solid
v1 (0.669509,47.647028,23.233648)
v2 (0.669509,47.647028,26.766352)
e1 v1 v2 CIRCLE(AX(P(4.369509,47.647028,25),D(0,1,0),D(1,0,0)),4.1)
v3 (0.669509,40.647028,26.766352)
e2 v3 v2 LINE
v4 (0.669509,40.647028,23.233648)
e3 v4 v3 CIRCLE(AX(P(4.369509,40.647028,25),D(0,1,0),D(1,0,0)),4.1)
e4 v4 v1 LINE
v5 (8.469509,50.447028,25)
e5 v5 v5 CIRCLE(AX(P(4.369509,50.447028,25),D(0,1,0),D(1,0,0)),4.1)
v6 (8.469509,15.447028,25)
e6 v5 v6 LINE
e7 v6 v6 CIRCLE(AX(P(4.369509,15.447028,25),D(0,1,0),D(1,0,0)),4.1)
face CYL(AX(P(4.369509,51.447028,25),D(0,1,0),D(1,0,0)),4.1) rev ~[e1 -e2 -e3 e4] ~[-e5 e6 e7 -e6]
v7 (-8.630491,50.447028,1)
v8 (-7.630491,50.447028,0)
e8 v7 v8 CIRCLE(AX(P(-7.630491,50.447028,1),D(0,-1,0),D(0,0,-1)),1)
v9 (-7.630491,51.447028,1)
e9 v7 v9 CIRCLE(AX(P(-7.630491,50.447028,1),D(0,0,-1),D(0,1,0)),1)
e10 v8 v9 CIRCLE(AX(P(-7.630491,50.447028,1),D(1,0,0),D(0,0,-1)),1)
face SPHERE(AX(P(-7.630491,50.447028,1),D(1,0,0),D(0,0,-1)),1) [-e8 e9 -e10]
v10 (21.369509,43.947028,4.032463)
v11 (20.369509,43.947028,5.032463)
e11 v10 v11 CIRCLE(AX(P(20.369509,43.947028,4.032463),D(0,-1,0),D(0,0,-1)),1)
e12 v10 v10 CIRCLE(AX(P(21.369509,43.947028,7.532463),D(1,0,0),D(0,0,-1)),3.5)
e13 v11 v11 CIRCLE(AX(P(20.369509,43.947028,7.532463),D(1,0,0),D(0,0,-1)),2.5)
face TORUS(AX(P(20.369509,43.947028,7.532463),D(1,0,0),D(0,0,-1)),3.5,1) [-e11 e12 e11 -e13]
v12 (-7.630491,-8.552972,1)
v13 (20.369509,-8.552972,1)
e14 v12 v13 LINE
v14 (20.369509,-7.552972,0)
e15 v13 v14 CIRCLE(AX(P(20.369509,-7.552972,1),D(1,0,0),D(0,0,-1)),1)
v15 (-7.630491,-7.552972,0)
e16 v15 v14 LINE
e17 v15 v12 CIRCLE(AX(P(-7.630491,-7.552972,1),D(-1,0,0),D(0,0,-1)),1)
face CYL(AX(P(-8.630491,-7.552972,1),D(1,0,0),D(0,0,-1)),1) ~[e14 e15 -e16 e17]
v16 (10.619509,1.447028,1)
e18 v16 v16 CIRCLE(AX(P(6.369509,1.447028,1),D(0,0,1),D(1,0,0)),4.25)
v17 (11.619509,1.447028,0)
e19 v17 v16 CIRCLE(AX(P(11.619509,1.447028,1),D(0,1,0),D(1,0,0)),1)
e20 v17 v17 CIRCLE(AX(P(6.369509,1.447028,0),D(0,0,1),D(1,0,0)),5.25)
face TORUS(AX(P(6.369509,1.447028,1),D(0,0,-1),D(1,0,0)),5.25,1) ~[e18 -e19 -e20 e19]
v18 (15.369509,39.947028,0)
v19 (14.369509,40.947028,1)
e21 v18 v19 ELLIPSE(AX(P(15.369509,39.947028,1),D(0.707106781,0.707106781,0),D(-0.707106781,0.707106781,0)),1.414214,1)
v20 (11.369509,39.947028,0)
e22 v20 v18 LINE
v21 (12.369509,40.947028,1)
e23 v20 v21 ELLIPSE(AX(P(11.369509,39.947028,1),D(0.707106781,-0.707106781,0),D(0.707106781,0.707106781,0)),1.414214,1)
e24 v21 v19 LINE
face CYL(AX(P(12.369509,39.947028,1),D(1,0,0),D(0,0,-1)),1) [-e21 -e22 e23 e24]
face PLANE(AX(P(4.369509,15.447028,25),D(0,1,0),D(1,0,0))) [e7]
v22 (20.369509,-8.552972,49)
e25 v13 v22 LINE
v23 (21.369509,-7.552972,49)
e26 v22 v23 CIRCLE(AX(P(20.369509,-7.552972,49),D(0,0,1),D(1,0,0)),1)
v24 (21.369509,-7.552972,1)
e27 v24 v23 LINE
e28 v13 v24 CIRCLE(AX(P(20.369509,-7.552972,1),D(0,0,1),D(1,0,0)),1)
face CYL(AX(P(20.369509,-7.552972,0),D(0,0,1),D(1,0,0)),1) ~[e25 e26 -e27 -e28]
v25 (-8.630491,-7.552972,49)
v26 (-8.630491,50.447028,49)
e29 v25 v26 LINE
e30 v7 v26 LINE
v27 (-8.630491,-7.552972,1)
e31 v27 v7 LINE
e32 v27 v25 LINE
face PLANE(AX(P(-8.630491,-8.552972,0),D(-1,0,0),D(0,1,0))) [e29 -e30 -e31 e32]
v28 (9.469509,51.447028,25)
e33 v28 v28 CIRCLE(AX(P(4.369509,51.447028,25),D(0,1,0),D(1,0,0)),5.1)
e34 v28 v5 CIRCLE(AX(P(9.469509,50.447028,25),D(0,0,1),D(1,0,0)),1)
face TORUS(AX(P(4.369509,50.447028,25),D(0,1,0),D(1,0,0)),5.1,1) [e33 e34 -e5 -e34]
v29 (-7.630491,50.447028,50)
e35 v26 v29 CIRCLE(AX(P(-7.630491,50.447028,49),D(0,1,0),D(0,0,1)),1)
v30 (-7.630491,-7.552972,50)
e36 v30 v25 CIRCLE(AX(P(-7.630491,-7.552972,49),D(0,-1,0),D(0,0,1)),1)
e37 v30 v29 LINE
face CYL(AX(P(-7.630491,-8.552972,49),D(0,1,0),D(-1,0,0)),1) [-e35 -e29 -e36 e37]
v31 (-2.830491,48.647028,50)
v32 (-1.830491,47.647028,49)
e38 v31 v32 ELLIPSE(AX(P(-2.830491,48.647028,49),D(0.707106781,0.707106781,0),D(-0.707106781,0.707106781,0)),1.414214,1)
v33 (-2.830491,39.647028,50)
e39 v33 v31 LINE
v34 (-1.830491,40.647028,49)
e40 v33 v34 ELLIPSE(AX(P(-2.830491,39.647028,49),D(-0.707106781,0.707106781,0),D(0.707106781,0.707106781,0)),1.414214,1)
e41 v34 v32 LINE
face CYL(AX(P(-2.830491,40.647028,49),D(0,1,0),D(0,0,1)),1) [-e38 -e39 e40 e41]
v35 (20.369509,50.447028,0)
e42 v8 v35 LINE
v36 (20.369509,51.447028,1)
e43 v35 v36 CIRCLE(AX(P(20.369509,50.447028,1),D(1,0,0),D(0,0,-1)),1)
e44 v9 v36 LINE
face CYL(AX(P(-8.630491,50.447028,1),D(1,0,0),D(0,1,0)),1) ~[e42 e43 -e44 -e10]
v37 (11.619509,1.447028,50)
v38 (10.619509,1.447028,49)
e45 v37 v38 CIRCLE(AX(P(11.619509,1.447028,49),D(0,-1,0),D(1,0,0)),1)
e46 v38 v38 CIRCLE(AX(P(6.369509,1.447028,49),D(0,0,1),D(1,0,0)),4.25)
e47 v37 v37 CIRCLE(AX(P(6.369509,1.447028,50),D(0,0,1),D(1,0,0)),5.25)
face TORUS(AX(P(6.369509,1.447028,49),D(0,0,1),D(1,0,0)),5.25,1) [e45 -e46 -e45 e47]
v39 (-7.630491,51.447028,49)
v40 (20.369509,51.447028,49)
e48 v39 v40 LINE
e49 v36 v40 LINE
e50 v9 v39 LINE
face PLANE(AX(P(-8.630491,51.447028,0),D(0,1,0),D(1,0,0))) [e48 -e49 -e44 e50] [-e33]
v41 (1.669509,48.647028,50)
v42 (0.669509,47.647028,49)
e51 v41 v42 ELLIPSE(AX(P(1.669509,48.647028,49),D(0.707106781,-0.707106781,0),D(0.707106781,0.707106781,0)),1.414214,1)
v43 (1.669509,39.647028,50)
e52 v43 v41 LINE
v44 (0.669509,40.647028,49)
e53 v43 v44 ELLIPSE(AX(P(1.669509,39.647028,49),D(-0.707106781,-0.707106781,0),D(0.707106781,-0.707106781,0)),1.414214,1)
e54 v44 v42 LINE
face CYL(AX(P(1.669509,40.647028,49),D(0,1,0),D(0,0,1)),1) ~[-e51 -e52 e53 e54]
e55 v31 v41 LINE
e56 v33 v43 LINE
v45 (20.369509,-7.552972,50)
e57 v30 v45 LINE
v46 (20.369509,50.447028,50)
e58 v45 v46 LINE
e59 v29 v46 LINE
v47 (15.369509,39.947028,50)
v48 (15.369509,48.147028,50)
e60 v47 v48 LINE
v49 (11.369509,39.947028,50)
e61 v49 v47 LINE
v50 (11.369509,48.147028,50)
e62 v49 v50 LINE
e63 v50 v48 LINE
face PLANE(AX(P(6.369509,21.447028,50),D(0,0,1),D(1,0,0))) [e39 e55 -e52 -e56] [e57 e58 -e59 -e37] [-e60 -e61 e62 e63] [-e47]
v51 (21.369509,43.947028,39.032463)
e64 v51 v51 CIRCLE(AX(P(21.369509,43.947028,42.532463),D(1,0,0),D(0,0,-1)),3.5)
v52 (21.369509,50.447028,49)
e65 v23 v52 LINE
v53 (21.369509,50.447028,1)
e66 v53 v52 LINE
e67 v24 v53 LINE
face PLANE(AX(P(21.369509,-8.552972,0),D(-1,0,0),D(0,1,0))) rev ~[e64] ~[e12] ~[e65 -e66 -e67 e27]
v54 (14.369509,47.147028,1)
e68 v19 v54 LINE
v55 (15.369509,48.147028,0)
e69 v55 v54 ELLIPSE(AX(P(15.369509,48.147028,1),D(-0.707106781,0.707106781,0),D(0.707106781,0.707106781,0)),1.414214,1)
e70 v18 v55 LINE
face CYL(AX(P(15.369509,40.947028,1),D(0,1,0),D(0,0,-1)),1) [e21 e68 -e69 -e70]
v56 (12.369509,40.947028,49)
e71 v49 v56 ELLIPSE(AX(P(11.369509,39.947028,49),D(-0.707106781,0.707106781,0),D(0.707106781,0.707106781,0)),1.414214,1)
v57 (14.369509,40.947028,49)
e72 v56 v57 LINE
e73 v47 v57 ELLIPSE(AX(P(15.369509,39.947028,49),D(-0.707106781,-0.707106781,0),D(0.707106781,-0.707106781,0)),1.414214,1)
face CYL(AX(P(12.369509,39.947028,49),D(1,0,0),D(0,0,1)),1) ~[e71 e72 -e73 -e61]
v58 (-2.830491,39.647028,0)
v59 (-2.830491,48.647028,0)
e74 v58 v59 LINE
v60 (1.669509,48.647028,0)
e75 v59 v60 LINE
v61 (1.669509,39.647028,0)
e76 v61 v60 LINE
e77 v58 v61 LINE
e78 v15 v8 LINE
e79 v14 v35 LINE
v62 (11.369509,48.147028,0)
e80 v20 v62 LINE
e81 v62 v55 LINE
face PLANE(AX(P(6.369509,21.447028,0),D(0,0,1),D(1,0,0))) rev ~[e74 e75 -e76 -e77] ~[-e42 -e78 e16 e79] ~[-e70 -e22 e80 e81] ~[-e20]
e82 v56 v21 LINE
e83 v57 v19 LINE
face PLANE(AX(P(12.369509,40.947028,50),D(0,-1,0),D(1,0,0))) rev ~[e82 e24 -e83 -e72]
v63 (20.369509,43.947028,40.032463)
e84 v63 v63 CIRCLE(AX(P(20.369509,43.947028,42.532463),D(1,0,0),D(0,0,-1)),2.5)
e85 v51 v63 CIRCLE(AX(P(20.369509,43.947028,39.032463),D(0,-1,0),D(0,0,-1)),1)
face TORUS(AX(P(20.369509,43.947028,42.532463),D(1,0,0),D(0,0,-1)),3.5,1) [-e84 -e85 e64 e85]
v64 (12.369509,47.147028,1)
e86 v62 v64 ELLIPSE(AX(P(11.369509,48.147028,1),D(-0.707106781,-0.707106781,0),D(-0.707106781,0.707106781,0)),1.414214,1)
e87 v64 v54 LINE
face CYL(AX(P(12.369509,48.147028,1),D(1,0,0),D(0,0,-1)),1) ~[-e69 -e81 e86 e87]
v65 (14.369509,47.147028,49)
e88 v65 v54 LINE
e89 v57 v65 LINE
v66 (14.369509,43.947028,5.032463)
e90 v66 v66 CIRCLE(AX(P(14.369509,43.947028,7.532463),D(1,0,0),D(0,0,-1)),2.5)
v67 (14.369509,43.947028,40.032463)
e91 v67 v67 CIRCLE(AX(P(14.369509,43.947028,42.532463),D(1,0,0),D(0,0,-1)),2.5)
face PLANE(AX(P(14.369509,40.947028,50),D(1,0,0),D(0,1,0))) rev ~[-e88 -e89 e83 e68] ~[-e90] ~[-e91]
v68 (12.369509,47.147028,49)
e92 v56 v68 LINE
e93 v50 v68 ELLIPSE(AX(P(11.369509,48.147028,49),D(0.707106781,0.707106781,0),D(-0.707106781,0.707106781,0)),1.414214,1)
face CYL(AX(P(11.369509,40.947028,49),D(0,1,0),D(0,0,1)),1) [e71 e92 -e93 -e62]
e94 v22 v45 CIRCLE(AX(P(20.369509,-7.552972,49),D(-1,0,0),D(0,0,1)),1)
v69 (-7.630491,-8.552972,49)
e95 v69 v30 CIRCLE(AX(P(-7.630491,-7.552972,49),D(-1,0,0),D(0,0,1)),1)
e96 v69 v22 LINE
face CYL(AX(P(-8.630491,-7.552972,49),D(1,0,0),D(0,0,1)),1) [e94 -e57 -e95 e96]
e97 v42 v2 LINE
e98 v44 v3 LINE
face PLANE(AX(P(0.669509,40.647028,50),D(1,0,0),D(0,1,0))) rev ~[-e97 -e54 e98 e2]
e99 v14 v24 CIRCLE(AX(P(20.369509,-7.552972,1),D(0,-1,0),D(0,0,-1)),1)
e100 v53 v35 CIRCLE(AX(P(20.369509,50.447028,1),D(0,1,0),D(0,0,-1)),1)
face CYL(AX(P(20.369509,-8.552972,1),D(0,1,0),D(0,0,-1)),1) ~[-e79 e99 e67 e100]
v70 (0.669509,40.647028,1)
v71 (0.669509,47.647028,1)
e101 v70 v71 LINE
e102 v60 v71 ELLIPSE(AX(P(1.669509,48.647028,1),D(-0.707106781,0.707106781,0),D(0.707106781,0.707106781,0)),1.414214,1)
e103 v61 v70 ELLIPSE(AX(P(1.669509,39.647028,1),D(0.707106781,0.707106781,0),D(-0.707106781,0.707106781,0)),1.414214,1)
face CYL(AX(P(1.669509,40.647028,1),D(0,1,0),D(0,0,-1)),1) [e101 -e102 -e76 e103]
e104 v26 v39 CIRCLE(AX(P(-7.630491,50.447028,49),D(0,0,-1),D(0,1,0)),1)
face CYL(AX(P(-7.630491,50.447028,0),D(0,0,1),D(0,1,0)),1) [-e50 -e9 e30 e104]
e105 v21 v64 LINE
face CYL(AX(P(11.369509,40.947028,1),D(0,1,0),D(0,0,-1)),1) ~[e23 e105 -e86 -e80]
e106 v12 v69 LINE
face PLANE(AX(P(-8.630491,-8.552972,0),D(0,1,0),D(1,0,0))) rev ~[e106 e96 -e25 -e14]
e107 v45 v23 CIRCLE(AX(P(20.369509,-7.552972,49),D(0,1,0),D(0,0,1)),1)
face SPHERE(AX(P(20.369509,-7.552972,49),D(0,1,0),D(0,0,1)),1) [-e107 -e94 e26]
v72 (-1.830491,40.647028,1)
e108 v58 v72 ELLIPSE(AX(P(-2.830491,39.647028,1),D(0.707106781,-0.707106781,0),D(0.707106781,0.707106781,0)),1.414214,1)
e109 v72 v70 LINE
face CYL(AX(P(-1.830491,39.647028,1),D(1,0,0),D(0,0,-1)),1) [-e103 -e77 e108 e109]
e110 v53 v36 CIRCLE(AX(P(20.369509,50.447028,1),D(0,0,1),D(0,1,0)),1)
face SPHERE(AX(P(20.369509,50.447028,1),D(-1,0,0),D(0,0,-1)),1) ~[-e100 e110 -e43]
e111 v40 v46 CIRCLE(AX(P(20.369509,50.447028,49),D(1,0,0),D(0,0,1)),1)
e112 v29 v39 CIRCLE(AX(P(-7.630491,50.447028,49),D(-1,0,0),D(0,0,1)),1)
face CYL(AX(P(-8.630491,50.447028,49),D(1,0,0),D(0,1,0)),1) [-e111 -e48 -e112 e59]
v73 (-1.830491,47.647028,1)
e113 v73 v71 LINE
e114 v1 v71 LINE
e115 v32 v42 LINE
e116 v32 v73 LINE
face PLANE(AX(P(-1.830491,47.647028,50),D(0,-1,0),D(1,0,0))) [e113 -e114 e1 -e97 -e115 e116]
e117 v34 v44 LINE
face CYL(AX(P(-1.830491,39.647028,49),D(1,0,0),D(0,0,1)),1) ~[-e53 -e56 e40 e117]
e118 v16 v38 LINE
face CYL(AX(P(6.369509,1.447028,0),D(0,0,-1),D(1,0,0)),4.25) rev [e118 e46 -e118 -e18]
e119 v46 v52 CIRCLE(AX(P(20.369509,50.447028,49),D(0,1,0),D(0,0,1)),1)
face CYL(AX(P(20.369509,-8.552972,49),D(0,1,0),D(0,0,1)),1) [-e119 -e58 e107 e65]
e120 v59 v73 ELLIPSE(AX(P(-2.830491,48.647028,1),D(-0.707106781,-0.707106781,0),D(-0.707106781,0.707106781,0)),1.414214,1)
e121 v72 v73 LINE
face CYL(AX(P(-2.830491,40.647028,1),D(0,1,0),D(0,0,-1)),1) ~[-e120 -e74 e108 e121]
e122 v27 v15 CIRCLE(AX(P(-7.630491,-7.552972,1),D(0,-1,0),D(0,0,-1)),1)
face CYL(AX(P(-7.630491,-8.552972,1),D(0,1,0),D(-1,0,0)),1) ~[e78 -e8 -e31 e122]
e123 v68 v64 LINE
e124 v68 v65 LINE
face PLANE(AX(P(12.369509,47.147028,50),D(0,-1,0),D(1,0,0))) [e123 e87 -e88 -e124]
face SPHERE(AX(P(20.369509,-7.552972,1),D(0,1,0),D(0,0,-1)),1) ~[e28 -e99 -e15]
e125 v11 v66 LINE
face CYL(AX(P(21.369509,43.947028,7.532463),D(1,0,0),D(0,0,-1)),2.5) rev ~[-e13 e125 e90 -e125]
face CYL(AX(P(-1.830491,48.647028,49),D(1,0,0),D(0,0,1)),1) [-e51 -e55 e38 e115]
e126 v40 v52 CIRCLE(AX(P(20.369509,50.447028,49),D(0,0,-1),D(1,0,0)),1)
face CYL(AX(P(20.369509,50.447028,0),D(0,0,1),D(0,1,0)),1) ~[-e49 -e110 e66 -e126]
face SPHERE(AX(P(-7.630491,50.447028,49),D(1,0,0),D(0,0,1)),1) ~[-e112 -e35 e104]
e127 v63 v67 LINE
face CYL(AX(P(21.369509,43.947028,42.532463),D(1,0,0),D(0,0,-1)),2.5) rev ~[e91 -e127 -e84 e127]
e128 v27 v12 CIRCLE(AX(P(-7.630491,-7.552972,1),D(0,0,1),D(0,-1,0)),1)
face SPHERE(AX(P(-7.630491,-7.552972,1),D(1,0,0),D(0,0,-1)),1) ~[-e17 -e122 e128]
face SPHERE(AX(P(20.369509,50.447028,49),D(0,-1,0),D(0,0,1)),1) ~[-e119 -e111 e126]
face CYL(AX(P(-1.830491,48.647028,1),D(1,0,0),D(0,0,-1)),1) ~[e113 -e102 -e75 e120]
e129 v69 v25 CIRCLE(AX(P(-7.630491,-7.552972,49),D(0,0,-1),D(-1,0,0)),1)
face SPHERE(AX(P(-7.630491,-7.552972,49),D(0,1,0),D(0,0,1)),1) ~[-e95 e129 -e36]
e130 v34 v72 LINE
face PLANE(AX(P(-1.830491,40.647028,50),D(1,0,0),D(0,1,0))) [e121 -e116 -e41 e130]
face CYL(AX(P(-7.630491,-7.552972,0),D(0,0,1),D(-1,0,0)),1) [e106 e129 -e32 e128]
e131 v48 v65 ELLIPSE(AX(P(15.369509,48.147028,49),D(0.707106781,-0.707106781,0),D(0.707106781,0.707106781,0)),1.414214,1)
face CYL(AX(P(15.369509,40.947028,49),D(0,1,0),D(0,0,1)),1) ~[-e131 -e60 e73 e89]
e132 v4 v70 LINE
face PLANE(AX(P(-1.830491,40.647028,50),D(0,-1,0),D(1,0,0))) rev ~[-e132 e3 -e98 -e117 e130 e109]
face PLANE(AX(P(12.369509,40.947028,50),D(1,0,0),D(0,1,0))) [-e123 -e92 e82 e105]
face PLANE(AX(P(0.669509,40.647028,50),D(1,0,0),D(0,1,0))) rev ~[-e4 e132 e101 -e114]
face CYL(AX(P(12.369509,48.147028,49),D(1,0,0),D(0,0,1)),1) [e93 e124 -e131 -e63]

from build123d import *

# Parameters (mm, degrees)
SKETCH_1_W               = 30
SKETCH_1_H               = 60
SKETCH_1_R               = 4.25
EXTRUDE_1_DEPTH          = 50
SKETCH_2_W               = 2.5
SKETCH_2_H               = 7
SKETCH_2_W_2             = 2
SKETCH_2_H_2             = 6.2
CUT_EXTRUDE_1_DEPTH      = 50
SKETCH_4_R               = 2.5
CUT_EXTRUDE_2_DEPTH      = 1
CUT_EXTRUDE_2_DEPTH_BACK = 7
FILLET_1_R               = 1
FILLET_2_R               = 1
FILLET_3_R               = 1
FILLET_4_R               = 1
FILLET_5_R               = 1
FILLET_6_R               = 1
SKETCH_5_R               = 4.1
CUT_EXTRUDE_3_DEPTH      = 36
FILLET_7_R               = 1
FILLET_8_R               = 1


with BuildPart() as part:
    # 草图1 → 凸台-拉伸1 (new body)
    with BuildSketch(Plane.XY):
        with Locations((6.369509044, 21.447028424)):
            Rectangle(SKETCH_1_W, SKETCH_1_H)
        with Locations((6.369509044, 1.447028424)):
            Circle(SKETCH_1_R, mode=Mode.SUBTRACT)
    extrude(amount=EXTRUDE_1_DEPTH)

    # 草图2 → 切除-拉伸1 (cut)
    with BuildSketch(Plane.XY.offset(50)):
        with Locations((-0.580490956, 44.147028424)):
            Rectangle(SKETCH_2_W, SKETCH_2_H)
        with Locations((13.369509044, 44.047028424)):
            Rectangle(SKETCH_2_W_2, SKETCH_2_H_2)
    extrude(amount=-CUT_EXTRUDE_1_DEPTH, mode=Mode.SUBTRACT)

    # 草图4 → 切除-拉伸2 (cut, two sides)
    with BuildSketch(Plane(origin=(21.369509044, 0, 0), x_dir=(0, 0, -1), z_dir=(1, 0, 0))) as cut_extrude_2_sk:
        with Locations((-42.532463012, 43.947028424)):
            Circle(SKETCH_4_R)
        with Locations((-7.532463012, 43.947028424)):
            Circle(SKETCH_4_R)
    extrude(amount=CUT_EXTRUDE_2_DEPTH, mode=Mode.SUBTRACT)
    extrude(cut_extrude_2_sk.sketch, amount=-CUT_EXTRUDE_2_DEPTH_BACK, mode=Mode.SUBTRACT)

    # 圆角1
    fillet_1_edges = [part.edges().sort_by_distance(p)[0] for p in [
        (12.369509044, 44.047028424, 50),
        (13.369509044, 40.947028424, 50),
        (14.369509044, 44.047028424, 50),
        (13.369509044, 47.147028424, 50),
    ]]
    fillet(fillet_1_edges, radius=FILLET_1_R)

    # 圆角2
    fillet_2_edges = [part.edges().sort_by_distance(p)[0] for p in [
        (-1.830490956, 44.147028424, 50),
        (-0.580490956, 40.647028424, 50),
        (0.669509044, 44.147028424, 50),
        (-0.580490956, 47.647028424, 50),
    ]]
    fillet(fillet_2_edges, radius=FILLET_2_R)

    # 圆角3
    fillet_3_edges = [part.edges().sort_by_distance(p)[0] for p in [
        (2.119509044, 1.447028424, 50),
    ]]
    fillet(fillet_3_edges, radius=FILLET_3_R)

    # 圆角4
    fillet_4_edges = [part.edges().sort_by_distance(p)[0] for p in [
        (21.369509044, 43.947028424, 45.032463012),
    ]]
    fillet(fillet_4_edges, radius=FILLET_4_R)

    # 圆角5
    fillet_5_edges = [part.edges().sort_by_distance(p)[0] for p in [
        (21.369509044, 43.947028424, 10.032463012),
    ]]
    fillet(fillet_5_edges, radius=FILLET_5_R)

    # 圆角6
    fillet_6_edges = [part.edges().sort_by_distance(p)[0] for p in [
        (2.119509044, 1.447028424, 0),
        (-1.830490956, 44.147028424, 0),
        (-0.580490956, 47.647028424, 0),
        (0.669509044, 44.147028424, 0),
        (-0.580490956, 40.647028424, 0),
        (12.369509044, 44.047028424, 0),
        (13.369509044, 47.147028424, 0),
        (14.369509044, 44.047028424, 0),
        (13.369509044, 40.947028424, 0),
    ]]
    fillet(fillet_6_edges, radius=FILLET_6_R)

    # 草图5 → 切除-拉伸3 (cut)
    with BuildSketch(Plane(origin=(0, 51.447028424, 0), x_dir=(1, 0, 0), z_dir=(0, 1, 0))):
        with Locations((4.369509044, -25)):
            Circle(SKETCH_5_R)
    extrude(amount=-CUT_EXTRUDE_3_DEPTH, mode=Mode.SUBTRACT)

    # 圆角7
    fillet_7_edges = [part.edges().sort_by_distance(p)[0] for p in [
        (0.269509044, 51.447028424, 25),
    ]]
    fillet(fillet_7_edges, radius=FILLET_7_R)

    # 圆角8
    fillet_8_edges = [part.edges().sort_by_distance(p)[0] for p in [
        (21.369509044, 21.447028424, 50),
        (6.369509044, 51.447028424, 50),
        (-8.630490956, 21.447028424, 50),
        (6.369509044, 51.447028424, 0),
        (21.369509044, 21.447028424, 0),
        (6.369509044, -8.552971576, 0),
        (-8.630490956, 21.447028424, 0),
        (6.369509044, -8.552971576, 50),
        (-8.630490956, 51.447028424, 25),
        (21.369509044, 51.447028424, 25),
        (21.369509044, -8.552971576, 25),
        (-8.630490956, -8.552971576, 25),
    ]]
    fillet(fillet_8_edges, radius=FILLET_8_R)


solid = part.part
